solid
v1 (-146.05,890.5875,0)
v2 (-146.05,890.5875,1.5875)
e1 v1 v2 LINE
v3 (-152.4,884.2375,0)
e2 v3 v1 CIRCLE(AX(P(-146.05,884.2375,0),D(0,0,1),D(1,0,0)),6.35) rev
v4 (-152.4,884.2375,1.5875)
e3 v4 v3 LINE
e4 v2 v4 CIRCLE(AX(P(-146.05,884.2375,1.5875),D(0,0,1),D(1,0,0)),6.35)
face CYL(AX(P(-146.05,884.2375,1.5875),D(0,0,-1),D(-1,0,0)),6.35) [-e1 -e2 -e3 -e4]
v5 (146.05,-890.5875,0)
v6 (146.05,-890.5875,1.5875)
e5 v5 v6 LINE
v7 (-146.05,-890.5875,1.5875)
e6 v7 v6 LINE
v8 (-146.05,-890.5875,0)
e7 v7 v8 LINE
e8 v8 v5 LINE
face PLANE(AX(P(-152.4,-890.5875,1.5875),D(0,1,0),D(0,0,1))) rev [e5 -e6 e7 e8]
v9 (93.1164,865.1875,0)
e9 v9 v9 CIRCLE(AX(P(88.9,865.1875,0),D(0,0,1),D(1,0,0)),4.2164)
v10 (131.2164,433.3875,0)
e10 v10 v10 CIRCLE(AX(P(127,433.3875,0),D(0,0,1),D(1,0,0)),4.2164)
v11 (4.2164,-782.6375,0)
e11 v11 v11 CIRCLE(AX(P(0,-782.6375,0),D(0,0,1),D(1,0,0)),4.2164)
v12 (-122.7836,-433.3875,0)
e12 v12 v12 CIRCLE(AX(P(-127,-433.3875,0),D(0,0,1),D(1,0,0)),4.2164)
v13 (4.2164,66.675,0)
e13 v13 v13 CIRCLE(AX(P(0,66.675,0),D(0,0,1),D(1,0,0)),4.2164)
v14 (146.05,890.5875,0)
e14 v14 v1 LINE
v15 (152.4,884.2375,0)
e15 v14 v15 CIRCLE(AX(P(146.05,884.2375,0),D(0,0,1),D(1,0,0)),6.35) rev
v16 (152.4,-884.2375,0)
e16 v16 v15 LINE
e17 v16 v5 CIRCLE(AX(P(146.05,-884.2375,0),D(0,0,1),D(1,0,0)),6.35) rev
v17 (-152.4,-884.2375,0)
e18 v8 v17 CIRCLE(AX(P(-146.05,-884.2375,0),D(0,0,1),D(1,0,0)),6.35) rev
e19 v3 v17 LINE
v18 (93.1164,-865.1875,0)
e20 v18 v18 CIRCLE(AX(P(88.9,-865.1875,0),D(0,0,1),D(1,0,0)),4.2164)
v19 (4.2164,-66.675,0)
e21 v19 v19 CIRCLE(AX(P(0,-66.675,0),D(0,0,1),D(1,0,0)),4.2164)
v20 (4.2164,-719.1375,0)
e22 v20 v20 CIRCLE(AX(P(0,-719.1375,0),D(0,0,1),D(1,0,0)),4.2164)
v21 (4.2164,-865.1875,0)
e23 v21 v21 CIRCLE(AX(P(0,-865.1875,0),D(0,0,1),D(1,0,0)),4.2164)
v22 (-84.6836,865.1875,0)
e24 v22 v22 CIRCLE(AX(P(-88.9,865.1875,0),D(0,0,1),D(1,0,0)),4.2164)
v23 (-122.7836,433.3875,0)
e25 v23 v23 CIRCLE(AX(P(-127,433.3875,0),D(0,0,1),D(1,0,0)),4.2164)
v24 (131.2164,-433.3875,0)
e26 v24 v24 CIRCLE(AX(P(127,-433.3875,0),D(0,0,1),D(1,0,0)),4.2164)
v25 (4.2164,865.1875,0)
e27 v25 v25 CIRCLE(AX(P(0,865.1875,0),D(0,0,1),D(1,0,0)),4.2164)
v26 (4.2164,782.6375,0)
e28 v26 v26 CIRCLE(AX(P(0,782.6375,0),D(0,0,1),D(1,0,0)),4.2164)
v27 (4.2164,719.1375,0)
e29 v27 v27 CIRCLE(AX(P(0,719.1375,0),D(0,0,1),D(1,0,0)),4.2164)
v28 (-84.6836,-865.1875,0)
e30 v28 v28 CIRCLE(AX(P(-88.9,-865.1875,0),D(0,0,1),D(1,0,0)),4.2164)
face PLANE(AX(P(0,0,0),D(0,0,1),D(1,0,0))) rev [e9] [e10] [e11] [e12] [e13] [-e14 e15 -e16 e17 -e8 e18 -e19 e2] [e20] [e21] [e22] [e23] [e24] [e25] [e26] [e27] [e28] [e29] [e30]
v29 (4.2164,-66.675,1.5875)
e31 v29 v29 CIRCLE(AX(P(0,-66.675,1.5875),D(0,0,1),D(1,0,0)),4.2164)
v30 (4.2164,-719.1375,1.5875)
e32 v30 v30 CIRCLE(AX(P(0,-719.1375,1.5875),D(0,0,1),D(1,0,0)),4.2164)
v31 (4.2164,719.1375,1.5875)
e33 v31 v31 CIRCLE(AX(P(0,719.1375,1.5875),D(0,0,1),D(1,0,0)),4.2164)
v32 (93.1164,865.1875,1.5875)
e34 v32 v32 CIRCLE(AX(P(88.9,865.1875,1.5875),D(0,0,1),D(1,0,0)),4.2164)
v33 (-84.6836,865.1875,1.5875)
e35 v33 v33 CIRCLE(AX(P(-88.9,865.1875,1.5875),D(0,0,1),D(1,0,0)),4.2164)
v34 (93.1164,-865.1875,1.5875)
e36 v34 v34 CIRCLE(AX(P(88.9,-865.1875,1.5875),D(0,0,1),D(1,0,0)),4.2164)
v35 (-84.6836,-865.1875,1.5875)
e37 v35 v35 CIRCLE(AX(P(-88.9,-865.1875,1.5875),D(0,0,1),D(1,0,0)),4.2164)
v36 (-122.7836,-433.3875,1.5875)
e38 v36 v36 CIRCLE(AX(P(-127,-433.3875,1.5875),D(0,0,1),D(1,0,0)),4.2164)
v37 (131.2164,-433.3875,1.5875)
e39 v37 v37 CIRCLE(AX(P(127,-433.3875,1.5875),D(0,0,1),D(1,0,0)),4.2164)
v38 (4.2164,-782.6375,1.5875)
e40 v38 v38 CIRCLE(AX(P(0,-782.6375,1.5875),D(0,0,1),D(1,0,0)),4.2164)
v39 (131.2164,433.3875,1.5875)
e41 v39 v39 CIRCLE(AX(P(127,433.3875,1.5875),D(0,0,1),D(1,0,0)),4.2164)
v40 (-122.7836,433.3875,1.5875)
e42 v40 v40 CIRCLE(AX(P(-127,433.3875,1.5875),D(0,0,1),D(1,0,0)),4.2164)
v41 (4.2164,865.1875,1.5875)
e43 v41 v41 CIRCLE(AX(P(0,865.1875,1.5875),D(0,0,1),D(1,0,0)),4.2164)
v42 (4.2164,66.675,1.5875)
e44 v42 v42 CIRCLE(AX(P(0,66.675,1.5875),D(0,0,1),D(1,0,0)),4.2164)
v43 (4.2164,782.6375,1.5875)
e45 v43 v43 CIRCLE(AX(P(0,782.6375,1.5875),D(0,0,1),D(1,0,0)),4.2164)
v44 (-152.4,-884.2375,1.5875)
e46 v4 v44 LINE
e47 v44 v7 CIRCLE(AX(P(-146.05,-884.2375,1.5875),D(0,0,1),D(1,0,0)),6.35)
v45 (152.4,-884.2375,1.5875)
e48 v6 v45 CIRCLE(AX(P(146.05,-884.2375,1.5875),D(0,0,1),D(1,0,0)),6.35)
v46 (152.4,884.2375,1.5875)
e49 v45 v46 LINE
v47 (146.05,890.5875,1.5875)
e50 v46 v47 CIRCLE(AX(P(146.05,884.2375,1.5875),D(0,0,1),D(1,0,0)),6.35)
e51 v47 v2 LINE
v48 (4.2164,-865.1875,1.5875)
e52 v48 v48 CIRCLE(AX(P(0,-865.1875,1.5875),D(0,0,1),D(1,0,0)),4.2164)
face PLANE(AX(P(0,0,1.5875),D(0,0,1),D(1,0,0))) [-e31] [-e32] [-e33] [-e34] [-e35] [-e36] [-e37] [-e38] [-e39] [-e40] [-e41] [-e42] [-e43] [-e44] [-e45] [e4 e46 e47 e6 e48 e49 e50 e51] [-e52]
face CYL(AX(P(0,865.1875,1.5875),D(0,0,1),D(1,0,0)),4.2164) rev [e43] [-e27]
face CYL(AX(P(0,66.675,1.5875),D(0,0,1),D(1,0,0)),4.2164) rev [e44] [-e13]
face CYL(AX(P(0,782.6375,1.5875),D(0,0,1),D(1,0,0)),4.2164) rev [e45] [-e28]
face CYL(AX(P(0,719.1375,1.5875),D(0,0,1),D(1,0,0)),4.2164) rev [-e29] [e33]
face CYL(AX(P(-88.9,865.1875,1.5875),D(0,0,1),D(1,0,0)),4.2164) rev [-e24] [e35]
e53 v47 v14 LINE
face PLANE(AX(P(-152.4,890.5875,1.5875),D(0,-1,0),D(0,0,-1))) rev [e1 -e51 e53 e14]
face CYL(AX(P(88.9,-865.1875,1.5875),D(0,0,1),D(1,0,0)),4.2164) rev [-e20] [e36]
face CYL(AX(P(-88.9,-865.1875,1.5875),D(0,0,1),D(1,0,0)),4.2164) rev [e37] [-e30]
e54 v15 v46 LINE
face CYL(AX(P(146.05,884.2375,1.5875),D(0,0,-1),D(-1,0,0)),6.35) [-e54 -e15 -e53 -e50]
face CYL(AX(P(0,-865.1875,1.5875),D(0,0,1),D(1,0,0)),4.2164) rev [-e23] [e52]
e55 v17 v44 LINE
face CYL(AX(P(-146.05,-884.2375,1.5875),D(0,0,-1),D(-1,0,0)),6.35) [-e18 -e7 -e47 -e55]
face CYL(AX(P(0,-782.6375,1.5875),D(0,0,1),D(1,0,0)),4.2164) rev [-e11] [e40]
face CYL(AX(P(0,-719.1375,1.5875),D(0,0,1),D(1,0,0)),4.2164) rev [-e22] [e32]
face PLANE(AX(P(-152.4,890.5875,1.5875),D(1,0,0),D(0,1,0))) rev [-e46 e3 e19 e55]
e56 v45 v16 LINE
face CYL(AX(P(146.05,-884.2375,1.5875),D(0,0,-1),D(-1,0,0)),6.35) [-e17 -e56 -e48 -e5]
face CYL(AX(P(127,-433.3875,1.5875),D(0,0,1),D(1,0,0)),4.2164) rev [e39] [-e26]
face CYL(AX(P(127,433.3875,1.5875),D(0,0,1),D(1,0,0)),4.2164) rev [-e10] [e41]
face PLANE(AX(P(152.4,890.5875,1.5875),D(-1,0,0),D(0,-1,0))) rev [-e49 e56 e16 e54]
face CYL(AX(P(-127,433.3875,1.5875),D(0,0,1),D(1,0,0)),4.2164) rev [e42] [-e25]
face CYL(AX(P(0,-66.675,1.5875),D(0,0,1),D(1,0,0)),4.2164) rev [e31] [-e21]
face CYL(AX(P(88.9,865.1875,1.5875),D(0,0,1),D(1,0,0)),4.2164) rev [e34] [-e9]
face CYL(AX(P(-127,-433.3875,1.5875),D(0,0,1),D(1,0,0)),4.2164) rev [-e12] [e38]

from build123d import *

# Parameters (mm, degrees)
SKETCH1_W                    = 304.8
SKETCH1_H                    = 1781.175
BOSS_EXTRUDE1_DEPTH          = 1.5875
F_5_16_CLEARANCE_HOLE1_D     = 8.4328
F_5_16_CLEARANCE_HOLE1_DEPTH = 1.5875
FILLET4_R                    = 6.35


with BuildPart() as part:
    # Sketch1 → Boss-Extrude1 (new body)
    with BuildSketch(Plane.XY):
        Rectangle(SKETCH1_W, SKETCH1_H)
    extrude(amount=BOSS_EXTRUDE1_DEPTH)

    # 5/16 Clearance Hole1
    with Locations(Plane.XY.offset(1.5875)):
        with Locations((0, 865.1875), (-127, 433.3875), (127, 433.3875), (0, 66.675), (0, -66.675), (-127, -433.3875), (127, -433.3875), (0, -865.1875), (0, 782.6375), (0, 719.1375), (0, -782.6375), (0, -719.1375), (-88.9, 865.1875), (88.9, 865.1875), (-88.9, -865.1875), (88.9, -865.1875)):
            Hole(F_5_16_CLEARANCE_HOLE1_D / 2, depth=F_5_16_CLEARANCE_HOLE1_DEPTH)

    # Fillet4
    fillet4_edges = [part.edges().sort_by_distance(p)[0] for p in [
        (152.4, -890.5875, 0.79375),
        (-152.4, -890.5875, 0.79375),
        (-152.4, 890.5875, 0.79375),
        (152.4, 890.5875, 0.79375),
    ]]
    fillet(fillet4_edges, radius=FILLET4_R)


solid = part.part
